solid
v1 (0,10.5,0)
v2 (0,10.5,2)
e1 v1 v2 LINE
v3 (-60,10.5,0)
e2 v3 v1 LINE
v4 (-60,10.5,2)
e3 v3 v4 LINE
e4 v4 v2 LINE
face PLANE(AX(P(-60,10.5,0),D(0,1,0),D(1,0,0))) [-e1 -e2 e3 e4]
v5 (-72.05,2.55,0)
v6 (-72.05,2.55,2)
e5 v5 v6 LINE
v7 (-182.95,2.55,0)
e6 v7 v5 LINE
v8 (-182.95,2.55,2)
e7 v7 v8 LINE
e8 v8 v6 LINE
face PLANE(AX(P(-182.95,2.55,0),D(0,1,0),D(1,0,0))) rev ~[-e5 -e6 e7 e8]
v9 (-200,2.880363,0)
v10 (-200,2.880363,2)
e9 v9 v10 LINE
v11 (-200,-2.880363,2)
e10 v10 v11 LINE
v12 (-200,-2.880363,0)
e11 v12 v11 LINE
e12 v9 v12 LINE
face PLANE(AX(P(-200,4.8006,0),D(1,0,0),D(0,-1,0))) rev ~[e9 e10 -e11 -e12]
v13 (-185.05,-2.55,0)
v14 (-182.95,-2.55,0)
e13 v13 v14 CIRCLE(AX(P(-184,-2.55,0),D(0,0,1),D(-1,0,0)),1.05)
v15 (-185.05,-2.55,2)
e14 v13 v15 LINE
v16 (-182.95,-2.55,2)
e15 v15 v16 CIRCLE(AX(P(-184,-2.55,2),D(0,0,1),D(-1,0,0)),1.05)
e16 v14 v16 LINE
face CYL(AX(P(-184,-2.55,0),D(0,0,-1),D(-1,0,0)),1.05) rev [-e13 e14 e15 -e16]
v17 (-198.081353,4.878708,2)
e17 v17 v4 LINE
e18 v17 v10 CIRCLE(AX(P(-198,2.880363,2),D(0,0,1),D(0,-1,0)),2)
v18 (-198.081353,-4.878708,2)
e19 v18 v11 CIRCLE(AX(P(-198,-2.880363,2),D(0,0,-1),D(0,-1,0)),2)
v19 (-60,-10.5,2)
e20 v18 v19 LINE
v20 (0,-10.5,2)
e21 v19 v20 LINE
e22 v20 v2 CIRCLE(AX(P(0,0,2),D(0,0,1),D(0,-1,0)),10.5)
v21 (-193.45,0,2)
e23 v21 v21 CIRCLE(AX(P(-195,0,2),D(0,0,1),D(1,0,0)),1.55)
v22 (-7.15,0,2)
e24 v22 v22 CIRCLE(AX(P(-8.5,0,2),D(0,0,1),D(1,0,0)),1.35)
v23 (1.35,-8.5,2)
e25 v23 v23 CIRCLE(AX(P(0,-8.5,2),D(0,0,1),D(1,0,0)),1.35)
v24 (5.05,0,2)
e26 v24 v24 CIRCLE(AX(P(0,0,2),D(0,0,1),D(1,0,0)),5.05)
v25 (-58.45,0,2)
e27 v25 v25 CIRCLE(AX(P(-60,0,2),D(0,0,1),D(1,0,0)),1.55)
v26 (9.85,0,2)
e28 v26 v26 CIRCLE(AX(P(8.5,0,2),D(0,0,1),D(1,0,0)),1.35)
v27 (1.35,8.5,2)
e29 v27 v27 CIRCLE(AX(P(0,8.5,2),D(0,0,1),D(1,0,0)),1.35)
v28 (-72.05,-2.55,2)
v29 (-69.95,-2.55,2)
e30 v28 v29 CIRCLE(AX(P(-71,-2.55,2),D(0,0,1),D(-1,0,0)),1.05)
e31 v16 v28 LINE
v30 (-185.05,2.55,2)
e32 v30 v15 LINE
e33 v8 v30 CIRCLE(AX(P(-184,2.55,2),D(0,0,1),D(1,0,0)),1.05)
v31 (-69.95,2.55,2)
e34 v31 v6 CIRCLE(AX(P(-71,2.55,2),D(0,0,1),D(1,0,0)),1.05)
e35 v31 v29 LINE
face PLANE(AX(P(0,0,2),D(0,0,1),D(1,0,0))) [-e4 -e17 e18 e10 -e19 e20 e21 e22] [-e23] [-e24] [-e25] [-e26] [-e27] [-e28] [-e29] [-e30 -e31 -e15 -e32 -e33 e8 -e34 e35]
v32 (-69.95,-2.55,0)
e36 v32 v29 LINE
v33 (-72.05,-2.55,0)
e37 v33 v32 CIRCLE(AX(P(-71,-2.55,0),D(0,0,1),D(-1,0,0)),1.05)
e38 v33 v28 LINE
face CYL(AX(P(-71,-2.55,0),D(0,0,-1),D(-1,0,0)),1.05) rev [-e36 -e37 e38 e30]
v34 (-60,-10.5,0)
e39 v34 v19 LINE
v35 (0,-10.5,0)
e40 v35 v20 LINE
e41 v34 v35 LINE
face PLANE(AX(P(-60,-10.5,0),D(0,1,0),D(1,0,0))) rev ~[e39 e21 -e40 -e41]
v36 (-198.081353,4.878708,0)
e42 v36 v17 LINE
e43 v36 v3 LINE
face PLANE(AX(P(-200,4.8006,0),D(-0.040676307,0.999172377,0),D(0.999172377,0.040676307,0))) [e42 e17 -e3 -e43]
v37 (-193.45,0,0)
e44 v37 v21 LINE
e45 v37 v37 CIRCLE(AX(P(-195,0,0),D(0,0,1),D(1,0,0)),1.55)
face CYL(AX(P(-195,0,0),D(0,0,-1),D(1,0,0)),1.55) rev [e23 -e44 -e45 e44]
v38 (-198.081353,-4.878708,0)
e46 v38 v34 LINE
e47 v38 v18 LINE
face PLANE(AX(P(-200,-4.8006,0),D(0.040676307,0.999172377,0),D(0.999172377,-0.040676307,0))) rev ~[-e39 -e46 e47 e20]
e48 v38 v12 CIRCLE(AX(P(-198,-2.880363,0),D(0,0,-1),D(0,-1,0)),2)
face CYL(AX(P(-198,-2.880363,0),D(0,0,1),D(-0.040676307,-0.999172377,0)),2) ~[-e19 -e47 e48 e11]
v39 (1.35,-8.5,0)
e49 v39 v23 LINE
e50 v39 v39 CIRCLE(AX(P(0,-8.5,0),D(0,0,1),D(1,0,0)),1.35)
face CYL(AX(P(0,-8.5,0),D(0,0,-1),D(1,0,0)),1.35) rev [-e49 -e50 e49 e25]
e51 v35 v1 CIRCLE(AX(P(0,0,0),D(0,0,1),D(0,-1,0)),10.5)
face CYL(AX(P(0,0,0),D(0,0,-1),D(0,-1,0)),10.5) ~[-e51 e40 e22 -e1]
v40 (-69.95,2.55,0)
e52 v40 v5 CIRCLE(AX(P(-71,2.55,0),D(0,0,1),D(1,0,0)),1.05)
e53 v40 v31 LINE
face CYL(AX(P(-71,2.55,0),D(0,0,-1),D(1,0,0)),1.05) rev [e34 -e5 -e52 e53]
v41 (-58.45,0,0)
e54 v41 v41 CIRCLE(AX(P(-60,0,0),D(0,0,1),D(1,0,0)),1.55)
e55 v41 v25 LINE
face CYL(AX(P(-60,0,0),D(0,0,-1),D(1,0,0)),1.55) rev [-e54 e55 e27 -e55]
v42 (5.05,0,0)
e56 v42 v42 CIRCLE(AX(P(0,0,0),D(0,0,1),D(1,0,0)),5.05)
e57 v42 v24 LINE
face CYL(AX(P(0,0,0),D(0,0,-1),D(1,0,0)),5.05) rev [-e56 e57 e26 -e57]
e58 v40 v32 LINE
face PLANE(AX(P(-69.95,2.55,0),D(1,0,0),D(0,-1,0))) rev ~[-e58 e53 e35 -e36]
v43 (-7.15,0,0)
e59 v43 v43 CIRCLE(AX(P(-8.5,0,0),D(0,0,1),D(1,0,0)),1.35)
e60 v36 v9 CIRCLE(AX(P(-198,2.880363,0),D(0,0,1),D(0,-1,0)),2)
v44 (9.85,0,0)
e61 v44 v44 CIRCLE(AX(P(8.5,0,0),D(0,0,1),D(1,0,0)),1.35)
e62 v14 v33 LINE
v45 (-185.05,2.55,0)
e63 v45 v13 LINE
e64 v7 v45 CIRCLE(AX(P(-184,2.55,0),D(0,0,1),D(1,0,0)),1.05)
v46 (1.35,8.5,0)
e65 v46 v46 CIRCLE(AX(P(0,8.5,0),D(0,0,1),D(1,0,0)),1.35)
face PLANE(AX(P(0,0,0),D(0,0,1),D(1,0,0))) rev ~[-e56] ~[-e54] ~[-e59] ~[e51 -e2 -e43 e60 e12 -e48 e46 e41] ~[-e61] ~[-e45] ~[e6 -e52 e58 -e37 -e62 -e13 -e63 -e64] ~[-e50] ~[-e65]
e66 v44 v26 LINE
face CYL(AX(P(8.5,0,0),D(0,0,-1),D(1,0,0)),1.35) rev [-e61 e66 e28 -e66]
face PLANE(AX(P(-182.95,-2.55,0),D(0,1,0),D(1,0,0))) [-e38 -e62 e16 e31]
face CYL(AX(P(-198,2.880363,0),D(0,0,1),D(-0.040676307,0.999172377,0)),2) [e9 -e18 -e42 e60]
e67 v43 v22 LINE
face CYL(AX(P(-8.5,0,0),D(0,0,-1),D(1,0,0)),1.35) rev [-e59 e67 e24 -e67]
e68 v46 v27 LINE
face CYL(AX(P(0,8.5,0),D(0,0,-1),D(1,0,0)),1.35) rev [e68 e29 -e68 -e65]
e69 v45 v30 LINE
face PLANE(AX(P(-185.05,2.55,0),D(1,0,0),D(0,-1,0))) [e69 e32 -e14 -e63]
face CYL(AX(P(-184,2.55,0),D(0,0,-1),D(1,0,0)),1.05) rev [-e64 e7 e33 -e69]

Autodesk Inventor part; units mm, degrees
ref_plane "YZ Plane" through (0, 0, 0) normal (1, 0, 0) x (0, 1, 0)
ref_plane "XZ Plane" through (0, 0, 0) normal (0, 1, 0) x (-1, 0, 0)
ref_plane "XY Plane" through (0, 0, 0) normal (0, 0, 1) x (1, 0, 0)
sketch "スケッチ1" plane through (0, 0, 0) normal (0, 0, 1) x (1, 0, 0)
  circle A0 centre (0, 0) radius 10.5 construction
  line L0 (0, 10.5) -> (-200, 10.5) construction
  line L1 (-200, 10.5) -> (-200, -10.5) construction
  line L2 (-200, -10.5) -> (0, -10.5) construction
  circle A1 centre (-195, 0) radius 1.55
  line L3 (-185, 2.5) -> (-70, 2.5) construction
  line L4 (-70, 2.5) -> (-70, -2.5) construction
  line L5 (-70, -2.5) -> (-185, -2.5) construction
  line L6 (-185, -2.5) -> (-185, 2.5) construction
  line L7 (-127.5, 2.5) -> (-127.5, -2.5) construction
  circle A2 centre (-60, 0) radius 1.55
  line L8 (-12, 21.3027) -> (-12, -27.3903) construction
  line L9 (-69.95, 2.55) -> (-185.05, 2.55) construction
  line L10 (-185.05, 2.55) -> (-185.05, -2.55) construction
  line L11 (-185.05, -2.55) -> (-69.95, -2.55) construction
  line L12 (-69.95, -2.55) -> (-69.95, 2.55) construction
  circle A3 centre (-184, 2.55) radius 1.05 construction
  line L13 (-185, 0) -> (-127.5, 0) construction
  line L14 (-185.05, 2.55) -> (-185.05, -2.55)
  arc A4 (-182.95, 2.55) -> (-185.05, 2.55) centre (-184, 2.55) ccw
  line L15 (-182.95, 2.55) -> (-72.05, 2.55)
  arc A5 (-69.95, 2.55) -> (-72.05, 2.55) centre (-71, 2.55) ccw
  line L16 (-69.95, 2.55) -> (-69.95, -2.55)
  arc A6 (-185.05, -2.55) -> (-182.95, -2.55) centre (-184, -2.55) ccw
  line L17 (-182.95, -2.55) -> (-72.05, -2.55)
  arc A7 (-72.05, -2.55) -> (-69.95, -2.55) centre (-71, -2.55) ccw
  circle A8 centre (0, 8.5) radius 1.35
  circle A9 centre (0, 0) radius 5.05
  circle A10 centre (-8.5, 0) radius 1.35
  circle A11 centre (0, -8.5) radius 1.35
  circle A12 centre (8.5, 0) radius 1.35
  line L18 (-200, 4.8006) -> (-200, -4.8006)
  line L19 (-200, 4.8006) -> (-60, 10.5)
  line L20 (-60, 10.5) -> (0, 10.5)
  line L21 (-200, -4.8006) -> (-60, -10.5)
  line L22 (-60, -10.5) -> (0, -10.5)
  arc A13 (0, -10.5) -> (0, 10.5) centre (0, 0) ccw
  circle A14 centre (-195, 0) radius 5 construction
  point P0 (-200, 0)
  dimension "d9" = 2.1
  dimension "d0" = 200
  dimension "d1" = 3.1
  dimension "d2" = 21
  dimension "d3" = 10
  dimension "d4" = 5
  dimension "d5" = 12
  dimension "d6" = 135
  dimension "d7" = 5
  dimension "d8" = 0.05
  dimension "d10" = 2.7
  dimension "d11" = 8.5
  dimension "d12" = 10.1
  dimension "d15" = 360
extrude "押し出し1" add sketch "スケッチ1" along normal blind 2
fillet "フィレット1" radius 2 2 edges at (-200, -4.8006, 1) (-200, 4.8006, 1)
equation "\"H_head\" = 28.5"
equation "\"H_leg\" = 199.5"
equation "\"足の面積\" = 12720.125"
equation "\"現在の面積\" = 11560"
equation "\"足_短辺\" = 68"
equation "\"円柱\" = 313.5"
equation "\"胴体中心から手先\" = 342"
equation "\"H_leg_1\" = 186.2"
equation "\"H_leg_MAX\" = 399"
equation "\"H_head_1\" = 26.6"
equation "\"H_head_MAX\" = 142.5"
properties part number "前腕_メインフレーム_1_1" material "GFRP"
